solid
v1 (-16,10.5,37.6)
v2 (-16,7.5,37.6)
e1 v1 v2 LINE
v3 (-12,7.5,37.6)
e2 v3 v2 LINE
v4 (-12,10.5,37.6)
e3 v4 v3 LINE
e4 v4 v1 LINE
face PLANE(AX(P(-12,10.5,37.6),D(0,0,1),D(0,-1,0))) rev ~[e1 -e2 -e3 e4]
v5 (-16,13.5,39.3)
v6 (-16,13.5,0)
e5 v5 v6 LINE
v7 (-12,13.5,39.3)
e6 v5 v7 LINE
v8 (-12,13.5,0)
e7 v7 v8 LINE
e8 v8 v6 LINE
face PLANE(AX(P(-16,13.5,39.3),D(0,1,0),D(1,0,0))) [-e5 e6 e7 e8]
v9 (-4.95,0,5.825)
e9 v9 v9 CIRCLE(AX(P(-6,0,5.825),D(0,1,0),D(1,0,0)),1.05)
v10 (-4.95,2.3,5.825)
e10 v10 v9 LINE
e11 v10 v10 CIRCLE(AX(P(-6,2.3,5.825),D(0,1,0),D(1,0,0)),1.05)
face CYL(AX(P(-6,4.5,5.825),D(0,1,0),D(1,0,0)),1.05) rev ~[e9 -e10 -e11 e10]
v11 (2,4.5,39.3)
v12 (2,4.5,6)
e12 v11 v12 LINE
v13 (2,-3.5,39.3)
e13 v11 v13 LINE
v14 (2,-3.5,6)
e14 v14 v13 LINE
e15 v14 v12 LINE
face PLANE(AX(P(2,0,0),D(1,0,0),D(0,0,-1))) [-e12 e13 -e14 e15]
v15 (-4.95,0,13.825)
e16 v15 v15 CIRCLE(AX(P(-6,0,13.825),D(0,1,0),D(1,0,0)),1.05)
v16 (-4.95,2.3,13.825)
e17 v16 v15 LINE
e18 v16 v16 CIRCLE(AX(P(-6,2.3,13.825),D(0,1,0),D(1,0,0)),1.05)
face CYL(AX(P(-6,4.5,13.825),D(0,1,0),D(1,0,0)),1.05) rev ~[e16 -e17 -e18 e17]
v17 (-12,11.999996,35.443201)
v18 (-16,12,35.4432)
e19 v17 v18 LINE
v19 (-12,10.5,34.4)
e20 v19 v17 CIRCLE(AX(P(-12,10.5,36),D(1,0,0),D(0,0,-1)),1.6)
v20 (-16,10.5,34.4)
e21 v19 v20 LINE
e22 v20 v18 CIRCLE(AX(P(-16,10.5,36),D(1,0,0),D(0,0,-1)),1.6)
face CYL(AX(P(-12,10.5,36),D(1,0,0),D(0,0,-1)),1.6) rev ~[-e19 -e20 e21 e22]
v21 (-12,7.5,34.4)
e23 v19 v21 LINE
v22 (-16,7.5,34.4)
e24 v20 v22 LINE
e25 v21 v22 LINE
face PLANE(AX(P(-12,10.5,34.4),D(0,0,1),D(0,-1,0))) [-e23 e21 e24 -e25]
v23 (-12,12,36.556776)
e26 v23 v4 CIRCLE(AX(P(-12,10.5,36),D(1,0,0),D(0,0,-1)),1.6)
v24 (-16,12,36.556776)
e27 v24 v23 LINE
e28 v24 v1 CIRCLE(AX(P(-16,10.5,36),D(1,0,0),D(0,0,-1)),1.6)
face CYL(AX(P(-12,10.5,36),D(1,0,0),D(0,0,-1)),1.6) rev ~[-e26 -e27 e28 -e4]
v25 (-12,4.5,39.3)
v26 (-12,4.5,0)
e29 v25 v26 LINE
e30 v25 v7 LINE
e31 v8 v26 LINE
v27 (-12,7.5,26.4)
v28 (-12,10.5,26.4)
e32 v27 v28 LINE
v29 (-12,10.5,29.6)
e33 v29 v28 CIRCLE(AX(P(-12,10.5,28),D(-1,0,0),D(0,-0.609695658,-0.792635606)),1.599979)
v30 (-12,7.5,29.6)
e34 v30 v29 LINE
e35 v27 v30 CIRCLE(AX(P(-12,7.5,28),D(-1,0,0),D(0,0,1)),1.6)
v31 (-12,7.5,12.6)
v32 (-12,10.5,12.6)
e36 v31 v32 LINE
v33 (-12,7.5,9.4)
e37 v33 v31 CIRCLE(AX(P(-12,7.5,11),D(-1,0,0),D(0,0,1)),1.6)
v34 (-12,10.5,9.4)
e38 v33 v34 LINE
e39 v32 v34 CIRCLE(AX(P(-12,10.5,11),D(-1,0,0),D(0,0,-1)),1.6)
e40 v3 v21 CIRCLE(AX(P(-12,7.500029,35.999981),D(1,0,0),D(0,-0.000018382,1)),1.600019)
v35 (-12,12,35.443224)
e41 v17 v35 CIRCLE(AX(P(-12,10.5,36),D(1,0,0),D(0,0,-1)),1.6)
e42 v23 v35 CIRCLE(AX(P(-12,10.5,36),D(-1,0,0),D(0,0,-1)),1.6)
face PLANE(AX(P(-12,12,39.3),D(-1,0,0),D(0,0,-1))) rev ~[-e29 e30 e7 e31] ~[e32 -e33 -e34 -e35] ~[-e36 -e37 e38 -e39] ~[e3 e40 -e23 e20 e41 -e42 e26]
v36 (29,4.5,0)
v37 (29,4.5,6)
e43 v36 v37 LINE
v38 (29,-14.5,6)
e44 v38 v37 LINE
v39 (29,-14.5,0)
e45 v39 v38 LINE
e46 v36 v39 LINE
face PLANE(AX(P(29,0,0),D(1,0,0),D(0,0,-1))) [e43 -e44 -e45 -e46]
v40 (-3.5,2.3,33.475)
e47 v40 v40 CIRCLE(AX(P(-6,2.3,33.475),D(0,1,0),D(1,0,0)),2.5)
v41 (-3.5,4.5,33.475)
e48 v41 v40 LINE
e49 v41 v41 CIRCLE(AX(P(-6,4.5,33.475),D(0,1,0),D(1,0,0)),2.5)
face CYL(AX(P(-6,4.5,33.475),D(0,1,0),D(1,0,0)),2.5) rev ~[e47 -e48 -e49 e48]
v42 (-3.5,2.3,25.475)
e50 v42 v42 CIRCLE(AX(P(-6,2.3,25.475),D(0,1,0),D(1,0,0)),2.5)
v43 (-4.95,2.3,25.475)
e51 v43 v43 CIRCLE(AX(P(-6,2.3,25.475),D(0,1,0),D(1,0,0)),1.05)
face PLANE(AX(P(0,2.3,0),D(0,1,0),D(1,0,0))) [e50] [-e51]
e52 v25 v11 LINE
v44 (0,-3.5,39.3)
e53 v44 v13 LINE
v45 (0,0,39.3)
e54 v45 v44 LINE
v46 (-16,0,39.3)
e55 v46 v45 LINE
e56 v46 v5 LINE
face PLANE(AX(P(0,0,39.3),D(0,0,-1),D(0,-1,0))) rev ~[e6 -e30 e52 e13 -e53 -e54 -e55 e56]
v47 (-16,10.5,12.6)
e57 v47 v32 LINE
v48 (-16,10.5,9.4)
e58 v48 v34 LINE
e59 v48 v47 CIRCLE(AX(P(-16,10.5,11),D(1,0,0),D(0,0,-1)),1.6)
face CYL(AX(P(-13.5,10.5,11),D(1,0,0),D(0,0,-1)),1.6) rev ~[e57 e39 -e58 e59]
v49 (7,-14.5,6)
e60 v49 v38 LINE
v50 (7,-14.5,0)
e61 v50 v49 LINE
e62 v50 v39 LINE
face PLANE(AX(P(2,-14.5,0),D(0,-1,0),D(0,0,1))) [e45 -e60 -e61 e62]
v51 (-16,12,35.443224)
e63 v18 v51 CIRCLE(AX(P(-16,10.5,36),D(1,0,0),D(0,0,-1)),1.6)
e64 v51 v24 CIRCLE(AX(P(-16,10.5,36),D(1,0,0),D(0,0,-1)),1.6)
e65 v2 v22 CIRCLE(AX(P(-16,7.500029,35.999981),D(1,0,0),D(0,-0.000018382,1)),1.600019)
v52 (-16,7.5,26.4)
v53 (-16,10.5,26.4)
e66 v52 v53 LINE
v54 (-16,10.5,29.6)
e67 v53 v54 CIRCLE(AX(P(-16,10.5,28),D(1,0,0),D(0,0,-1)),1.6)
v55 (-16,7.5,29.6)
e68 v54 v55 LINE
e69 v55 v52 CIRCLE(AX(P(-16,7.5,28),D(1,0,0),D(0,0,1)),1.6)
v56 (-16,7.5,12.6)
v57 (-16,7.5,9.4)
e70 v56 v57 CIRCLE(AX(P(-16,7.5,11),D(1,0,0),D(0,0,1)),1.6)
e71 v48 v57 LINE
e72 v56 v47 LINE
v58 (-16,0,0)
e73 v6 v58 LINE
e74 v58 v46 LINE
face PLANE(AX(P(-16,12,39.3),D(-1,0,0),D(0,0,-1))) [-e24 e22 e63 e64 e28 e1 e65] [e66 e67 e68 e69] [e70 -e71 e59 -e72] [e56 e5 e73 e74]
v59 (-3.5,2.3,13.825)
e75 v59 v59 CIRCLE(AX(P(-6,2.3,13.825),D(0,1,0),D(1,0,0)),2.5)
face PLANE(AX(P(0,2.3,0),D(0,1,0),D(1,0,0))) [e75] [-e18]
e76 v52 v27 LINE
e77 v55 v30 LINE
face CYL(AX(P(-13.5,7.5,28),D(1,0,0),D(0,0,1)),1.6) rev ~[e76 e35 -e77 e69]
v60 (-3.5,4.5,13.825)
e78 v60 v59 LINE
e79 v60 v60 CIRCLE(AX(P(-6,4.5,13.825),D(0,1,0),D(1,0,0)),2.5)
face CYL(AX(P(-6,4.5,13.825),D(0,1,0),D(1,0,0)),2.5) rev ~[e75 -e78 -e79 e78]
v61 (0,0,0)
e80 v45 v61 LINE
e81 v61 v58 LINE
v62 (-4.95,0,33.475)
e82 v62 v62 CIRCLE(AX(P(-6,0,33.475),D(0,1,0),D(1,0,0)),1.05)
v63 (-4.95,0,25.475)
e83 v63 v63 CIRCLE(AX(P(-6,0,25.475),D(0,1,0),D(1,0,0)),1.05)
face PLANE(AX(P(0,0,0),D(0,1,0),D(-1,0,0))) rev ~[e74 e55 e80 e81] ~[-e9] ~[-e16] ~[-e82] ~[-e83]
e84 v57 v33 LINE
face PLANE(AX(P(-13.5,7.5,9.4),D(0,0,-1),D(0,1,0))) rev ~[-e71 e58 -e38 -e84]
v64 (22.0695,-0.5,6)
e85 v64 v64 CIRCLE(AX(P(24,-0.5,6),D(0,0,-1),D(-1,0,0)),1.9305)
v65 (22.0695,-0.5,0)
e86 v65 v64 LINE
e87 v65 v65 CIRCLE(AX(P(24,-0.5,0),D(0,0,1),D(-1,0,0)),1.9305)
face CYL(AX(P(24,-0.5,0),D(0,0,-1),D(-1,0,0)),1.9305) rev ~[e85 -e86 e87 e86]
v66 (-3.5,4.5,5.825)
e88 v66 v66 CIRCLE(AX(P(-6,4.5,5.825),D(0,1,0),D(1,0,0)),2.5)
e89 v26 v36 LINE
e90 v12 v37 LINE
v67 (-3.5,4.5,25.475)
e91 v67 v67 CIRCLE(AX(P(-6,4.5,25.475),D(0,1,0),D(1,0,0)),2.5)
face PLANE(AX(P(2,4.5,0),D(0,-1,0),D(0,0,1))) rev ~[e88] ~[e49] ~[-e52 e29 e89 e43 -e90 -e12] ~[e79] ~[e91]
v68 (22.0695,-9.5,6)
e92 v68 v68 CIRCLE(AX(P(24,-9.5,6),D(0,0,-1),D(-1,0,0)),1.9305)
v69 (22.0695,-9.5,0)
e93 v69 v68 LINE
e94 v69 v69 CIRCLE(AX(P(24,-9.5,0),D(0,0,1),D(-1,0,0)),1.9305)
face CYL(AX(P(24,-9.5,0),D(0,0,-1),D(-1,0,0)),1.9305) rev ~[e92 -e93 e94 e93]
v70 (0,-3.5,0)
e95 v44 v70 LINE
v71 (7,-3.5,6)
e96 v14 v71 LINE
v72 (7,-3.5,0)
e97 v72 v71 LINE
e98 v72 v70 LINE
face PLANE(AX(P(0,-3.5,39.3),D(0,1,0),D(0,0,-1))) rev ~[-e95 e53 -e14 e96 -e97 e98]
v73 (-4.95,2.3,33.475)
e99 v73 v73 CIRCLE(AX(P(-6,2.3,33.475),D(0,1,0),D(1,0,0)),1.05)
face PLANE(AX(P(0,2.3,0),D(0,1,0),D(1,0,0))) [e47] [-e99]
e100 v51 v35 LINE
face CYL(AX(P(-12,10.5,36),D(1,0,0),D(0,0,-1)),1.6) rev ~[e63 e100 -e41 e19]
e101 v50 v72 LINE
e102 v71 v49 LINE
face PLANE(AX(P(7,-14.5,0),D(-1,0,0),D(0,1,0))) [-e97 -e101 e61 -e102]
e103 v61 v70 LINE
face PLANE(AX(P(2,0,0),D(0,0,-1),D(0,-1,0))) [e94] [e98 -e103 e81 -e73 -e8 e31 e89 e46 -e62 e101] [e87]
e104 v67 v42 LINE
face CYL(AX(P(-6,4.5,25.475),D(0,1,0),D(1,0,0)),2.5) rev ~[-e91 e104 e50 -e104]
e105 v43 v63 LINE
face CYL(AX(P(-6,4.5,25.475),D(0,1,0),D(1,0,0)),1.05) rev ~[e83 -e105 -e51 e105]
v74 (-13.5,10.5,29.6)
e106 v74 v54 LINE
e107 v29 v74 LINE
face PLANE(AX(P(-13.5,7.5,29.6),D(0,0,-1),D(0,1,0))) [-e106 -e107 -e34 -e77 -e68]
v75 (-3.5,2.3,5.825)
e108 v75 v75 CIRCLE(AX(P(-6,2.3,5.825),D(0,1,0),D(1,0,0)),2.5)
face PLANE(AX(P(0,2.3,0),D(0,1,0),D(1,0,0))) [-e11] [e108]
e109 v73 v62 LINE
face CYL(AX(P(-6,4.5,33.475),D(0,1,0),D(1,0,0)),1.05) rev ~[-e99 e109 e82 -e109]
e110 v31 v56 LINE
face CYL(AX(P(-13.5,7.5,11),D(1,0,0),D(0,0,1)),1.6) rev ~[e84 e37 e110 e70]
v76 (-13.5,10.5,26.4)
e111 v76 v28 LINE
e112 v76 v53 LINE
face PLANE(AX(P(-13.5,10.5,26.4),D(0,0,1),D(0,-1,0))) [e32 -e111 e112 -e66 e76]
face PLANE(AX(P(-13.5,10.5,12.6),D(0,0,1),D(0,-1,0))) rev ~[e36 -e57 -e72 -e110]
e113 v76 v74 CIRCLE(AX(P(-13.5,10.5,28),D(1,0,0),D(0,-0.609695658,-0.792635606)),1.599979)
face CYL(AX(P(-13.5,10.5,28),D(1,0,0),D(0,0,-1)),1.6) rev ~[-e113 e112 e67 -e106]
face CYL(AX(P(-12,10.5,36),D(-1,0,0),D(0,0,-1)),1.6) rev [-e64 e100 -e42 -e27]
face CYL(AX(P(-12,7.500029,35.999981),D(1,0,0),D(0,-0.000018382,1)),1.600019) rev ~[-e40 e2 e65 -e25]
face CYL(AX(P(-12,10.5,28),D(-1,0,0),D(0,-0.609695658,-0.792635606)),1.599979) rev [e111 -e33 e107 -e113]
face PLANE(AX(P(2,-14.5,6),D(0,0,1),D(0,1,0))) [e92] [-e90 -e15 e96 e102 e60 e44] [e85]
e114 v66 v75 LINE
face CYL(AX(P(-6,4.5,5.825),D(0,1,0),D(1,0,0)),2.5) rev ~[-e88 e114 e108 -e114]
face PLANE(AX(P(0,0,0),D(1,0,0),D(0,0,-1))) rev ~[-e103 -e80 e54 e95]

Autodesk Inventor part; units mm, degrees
ref_plane "YZ Plane" through (0, 0, 0) normal (1, 0, 0) x (0, 1, 0)
ref_plane "XZ Plane" through (0, 0, 0) normal (0, 1, 0) x (-1, 0, 0)
ref_plane "XY Plane" through (0, 0, 0) normal (0, 0, 1) x (1, 0, 0)
sketch "Sketch1" plane through (0, 0, 0) normal (0, 1, 0) x (-1, 0, 0)
  line L0 (0, 0) -> (16, 0)
  line L1 (16, 0) -> (16, 40.3)
  line L2 (16, 40.3) -> (0, 40.3)
  line L3 (0, 40.3) -> (0, 0)
  dimension "d0" = 16
  dimension "d1" = 40.3
extrude "Extrusion1" add sketch "Sketch1" along normal blind 4.5
sketch "Sketch2" plane through (0, 4.5, 0) normal (0, 1, 0) x (1, 0, 0)
  line L0 (0, -40.3) -> (0, 0) projected
  line L1 (0, 0) -> (-6, 0)
  line L2 (0, 0) -> (-16, 0) projected
  line L3 (-6, 0) -> (-6, -5.825)
  line L4 (-6, -5.825) -> (-6, -13.825)
  line L5 (-6, -13.825) -> (-6, -25.475)
  line L6 (-6, -25.475) -> (-6, -33.475)
  circle A0 centre (-6, -33.475) radius 1.05
  circle A1 centre (-6, -25.475) radius 1.05
  circle A2 centre (-6, -13.825) radius 1.05
  circle A3 centre (-6, -5.825) radius 1.05
  dimension "d4" = 6
  dimension "d5" = 5.825
  dimension "d6" = 8
  dimension "d7" = 11.65
  dimension "d8" = 8
  dimension "d9" = 2.1
  dimension "d10" = 2.1
  dimension "d11" = 2.1
  dimension "d12" = 2.1
extrude "Extrusion2" cut sketch "Sketch2" against normal blind 5
sketch "Sketch3" plane through (0, 4.5, 0) normal (0, 1, 0) x (1, 0, 0)
  circle A0 centre (-6, -5.825) radius 1.05 projected
  circle A1 centre (-6, -5.825) radius 2.5
  circle A2 centre (-6, -13.825) radius 1.05 projected
  circle A3 centre (-6, -13.825) radius 2.5
  circle A4 centre (-6, -25.475) radius 1.05 projected
  circle A5 centre (-6, -25.475) radius 2.5
  circle A6 centre (-6, -33.475) radius 1.05 projected
  circle A7 centre (-6, -33.475) radius 2.5
  point P0 (0, 0)
  dimension "d15" = 5
  dimension "d16" = 5
  dimension "d17" = 5
  dimension "d18" = 5
extrude "Extrusion3" cut sketch "Sketch3" against normal blind 2.2
sketch "Sketch4" plane through (-16, 0, 40.3) normal (0, 0, 1) x (1, 0, 0)
  line L0 (16, 4.5) -> (0, 4.5) projected
  line L1 (0, 0) -> (16, 0)
  line L2 (16, 0) -> (16, 4.5)
  line L3 (16, 4.5) -> (0, 4.5)
  line L4 (0, 4.5) -> (0, 0)
  point P0 (0, 4.5)
extrude "Extrusion4" cut sketch "Sketch4" against normal blind 1
sketch "Sketch5" plane through (-16, 0, 39.3) normal (0, 0, 1) x (1, 0, 0)
  line L0 (0, 0) -> (0, 4.5) projected
  line L1 (0, 0) -> (0, 4.5)
  line L2 (0, 4.5) -> (0, 12)
  line L3 (0, 12) -> (4, 12)
  line L4 (4, 12) -> (4, 4.5)
  line L5 (16, 4.5) -> (0, 4.5) projected
  line L6 (4, 4.5) -> (0, 4.5)
  point P0 (16, 0)
  dimension "d23" = 7.5
  dimension "d24" = 4
extrude "Extrusion5" add sketch "Sketch5" against normal blind 39.3
sketch "Sketch6" plane through (-12, 4.5, 39.3) normal (1, 0, 0) x (0, 0, -1)
  line L0 (39.3, 7.5) -> (39.3, 0) projected
  line L1 (39.3, 0) -> (39.3, 3)
  line L2 (39.3, 3) -> (29.9, 3)
  line L3 (28.3, 3) -> (12.9, 3)
  line L4 (11.3, 3) -> (3.3, 3)
  arc A0 (1.7, 3) -> (4.3224, 4.2308) centre (3.3, 3) ccw
  arc A1 (9.7, 3) -> (12.9, 3) centre (11.3, 3) ccw
  arc A2 (26.7, 3) -> (29.9, 3) centre (28.3, 3) ccw
  line L5 (3.3, 3) -> (3.3, 6)
  arc A3 (12.5682, 5.0245) -> (10.0318, 5.0245) centre (11.3, 6) ccw
  line L6 (4.9, 6) -> (4.9, 3)
  line L7 (1.7, 6) -> (1.7, 3)
  arc A4 (4.9, 6) -> (1.7, 6) centre (3.3, 6) ccw
  arc A5 (2.4693, 5) -> (3.3, 4.7) centre (3.3, 6) ccw
  line L8 (11.3, 3) -> (11.3, 3.7)
  line L9 (11.3, 4.3) -> (11.3, 6)
  line L10 (28.3, 3) -> (28.3, 3.7)
  line L11 (9.7, 3) -> (9.7, 6)
  line L12 (12.9, 3) -> (12.9, 6)
  line L13 (28.3, 3) -> (28.3, 6)
  arc A6 (29.9, 6) -> (26.7, 6) centre (28.3, 6) ccw
  line L14 (29.9, 3) -> (29.9, 6)
  line L15 (26.7, 3) -> (26.7, 6)
  point P0 (39.3, -4.5)
  dimension "d27" = 3
  dimension "d28" = 11
  dimension "d29" = 17
  dimension "d30" = 8
  dimension "d36" = 3.2
  dimension "d37" = 3.2
  dimension "d38" = 3.2
  dimension "d39" = 3
  dimension "d40" = 3
  dimension "d43" = 3.2
  dimension "d49" = 3
  dimension "d50" = 3.2
extrude "Extrusion6" cut sketch "Sketch6" against normal blind 4.5 contours A0 L7 A4 L6
sketch "Sketch7" plane through (-16, 12, 39.3) normal (0, 1, 0) x (1, 0, 0)
  line L0 (0, 0) -> (0, 39.3) projected
  line L1 (0, 0) -> (4, 0)
  line L2 (4, 0) -> (4, 39.3)
  line L3 (4, 39.3) -> (0, 39.3)
  line L4 (0, 39.3) -> (0, 0)
  point P0 (16, 39.3)
extrude "Extrusion7" add sketch "Sketch7" along normal blind 1.5
extrude "Extrusion8" cut sketch "Sketch6" along normal mid plane 3 contours A1 L11 A3 L12 | L15 A6 L14 A2
sketch "Sketch8" plane through (0, 0, 0) normal (1, 0, 0) x (0, 0, -1)
  line L0 (0, 0) -> (0, 4.5) projected
  line L1 (0, 0) -> (0, 4.5)
  line L2 (0, 4.5) -> (0, -3.5)
  line L3 (-39.3, 4.5) -> (0, 4.5) projected
  line L4 (0, 4.5) -> (-39.3, 4.5)
  line L5 (-39.3, 4.5) -> (-39.3, -3.5)
  line L6 (-39.3, 0) -> (-39.3, 13.5) projected
  line L7 (-39.3, -3.5) -> (0, -3.5)
  dimension "d53" = 8
extrude "Extrusion9" add sketch "Sketch8" along normal blind 2
sketch "Sketch9" plane through (2, 0, 0) normal (1, 0, 0) x (0, 0, -1)
  line L0 (0, 0) -> (0, 4.5)
  line L1 (0, 4.5) -> (0, -14.5)
  line L2 (0, -14.5) -> (-6, -14.5)
  line L3 (-6, -14.5) -> (-6, 4.5)
  line L4 (-8.325, 4.5) -> (-8.325, 2.3) projected
  line L5 (0, 4.5) -> (-39.3, 4.5) projected
  line L6 (-6, 4.5) -> (0, 4.5)
  dimension "d56" = 19
  dimension "d57" = 6
extrude "Extrusion10" add sketch "Sketch9" along normal blind 27
sketch "Sketch10" plane through (-12, 13.5, 0) normal (0, 0, -1) x (-1, 0, 0)
  line L0 (-14, -9) -> (-41, -9) projected
  line L1 (-41, -9) -> (-36, -9)
  line L2 (-36, -9) -> (-36, -14)
  circle A0 centre (-36, -14) radius 1.9305
  line L3 (-14, -28) -> (-41, -28) projected
  line L4 (-41, -28) -> (-36, -28)
  line L5 (-36, -28) -> (-36, -23)
  circle A1 centre (-36, -23) radius 1.9305
  point P0 (-12, -13.5)
  dimension "d60" = 5
  dimension "d61" = 5
  dimension "d62" = 3.861
  dimension "d63" = 5
  dimension "d64" = 5
  dimension "d65" = 3.861
extrude "Extrusion11" cut sketch "Sketch10" against normal blind 20
sketch "Sketch11" plane through (-12, 13.5, 0) normal (0, 0, -1) x (-1, 0, 0)
  line L0 (-14, -28) -> (-41, -28) projected
  line L1 (-14, -28) -> (-19, -28)
  line L2 (-19, -28) -> (-19, -17)
  line L3 (-19, -17) -> (-14, -17)
  line L4 (-14, -17) -> (-14, -28)
  point P0 (-12, -13.5)
  point P1 (-19, -28)
  dimension "d68" = 5
  dimension "d69" = 11
extrude "Extrusion12" cut sketch "Sketch11" against normal blind 25
sketch "Sketch12" plane through (-13.5, 4.5, 39.3) normal (1, 0, 0) x (0, 0, -1)
  arc A0 (12.9, 6) -> (9.7, 6) centre (11.3, 6) ccw projected
  circle A1 centre (11.3, 6) radius 1.6
  arc A2 (9.7, 3) -> (12.9, 3) centre (11.3, 3) ccw projected
  circle A3 centre (11.3, 3) radius 1.6
  line L0 (9.7, 3) -> (9.7, 6) projected
  line L1 (9.7, 6) -> (9.7, 3)
  line L2 (12.9, 6) -> (12.9, 3) projected
  line L3 (12.9, 6) -> (12.9, 3)
  arc A4 (26.7, 3) -> (29.9, 3) centre (28.3, 3) ccw projected
  line L4 (11.3, 3) -> (28.3, 3)
  line L5 (28.3, 3) -> (19.8, 3)
  line L6 (19.8, 3) -> (19.8, 4.3)
  arc A5 (29.9, 6) -> (26.7, 6) centre (28.3, 6) ccw
  circle A6 centre (28.3, 6) radius 1.6
  circle A7 centre (28.3, 3) radius 1.6
  line L7 (29.9, 3) -> (29.9, 6)
  line L8 (29.9, 6) -> (29.9, 3)
  line L9 (26.7, 6) -> (26.7, 3)
  line L10 (26.7, 6) -> (26.7, 3)
  point P0 (39.3, -4.5)
extrude "Extrusion13" cut sketch "Sketch12" against normal blind 3
sketch "Sketch13" plane through (-12, 4.5, 39.3) normal (1, 0, 0) x (0, 0, -1)
  arc A0 (4.9, 6) -> (3.8568, 7.5) centre (3.3, 6) ccw projected
  circle A1 centre (3.3, 6) radius 1.6
  point P0 (39.3, -4.5)
  point P1 (4.9, 6)
  dimension "d74" = 3.2
extrude "Extrusion14" cut sketch "Sketch13" along normal mid plane 8
properties part number "Non_compliant_plate"
